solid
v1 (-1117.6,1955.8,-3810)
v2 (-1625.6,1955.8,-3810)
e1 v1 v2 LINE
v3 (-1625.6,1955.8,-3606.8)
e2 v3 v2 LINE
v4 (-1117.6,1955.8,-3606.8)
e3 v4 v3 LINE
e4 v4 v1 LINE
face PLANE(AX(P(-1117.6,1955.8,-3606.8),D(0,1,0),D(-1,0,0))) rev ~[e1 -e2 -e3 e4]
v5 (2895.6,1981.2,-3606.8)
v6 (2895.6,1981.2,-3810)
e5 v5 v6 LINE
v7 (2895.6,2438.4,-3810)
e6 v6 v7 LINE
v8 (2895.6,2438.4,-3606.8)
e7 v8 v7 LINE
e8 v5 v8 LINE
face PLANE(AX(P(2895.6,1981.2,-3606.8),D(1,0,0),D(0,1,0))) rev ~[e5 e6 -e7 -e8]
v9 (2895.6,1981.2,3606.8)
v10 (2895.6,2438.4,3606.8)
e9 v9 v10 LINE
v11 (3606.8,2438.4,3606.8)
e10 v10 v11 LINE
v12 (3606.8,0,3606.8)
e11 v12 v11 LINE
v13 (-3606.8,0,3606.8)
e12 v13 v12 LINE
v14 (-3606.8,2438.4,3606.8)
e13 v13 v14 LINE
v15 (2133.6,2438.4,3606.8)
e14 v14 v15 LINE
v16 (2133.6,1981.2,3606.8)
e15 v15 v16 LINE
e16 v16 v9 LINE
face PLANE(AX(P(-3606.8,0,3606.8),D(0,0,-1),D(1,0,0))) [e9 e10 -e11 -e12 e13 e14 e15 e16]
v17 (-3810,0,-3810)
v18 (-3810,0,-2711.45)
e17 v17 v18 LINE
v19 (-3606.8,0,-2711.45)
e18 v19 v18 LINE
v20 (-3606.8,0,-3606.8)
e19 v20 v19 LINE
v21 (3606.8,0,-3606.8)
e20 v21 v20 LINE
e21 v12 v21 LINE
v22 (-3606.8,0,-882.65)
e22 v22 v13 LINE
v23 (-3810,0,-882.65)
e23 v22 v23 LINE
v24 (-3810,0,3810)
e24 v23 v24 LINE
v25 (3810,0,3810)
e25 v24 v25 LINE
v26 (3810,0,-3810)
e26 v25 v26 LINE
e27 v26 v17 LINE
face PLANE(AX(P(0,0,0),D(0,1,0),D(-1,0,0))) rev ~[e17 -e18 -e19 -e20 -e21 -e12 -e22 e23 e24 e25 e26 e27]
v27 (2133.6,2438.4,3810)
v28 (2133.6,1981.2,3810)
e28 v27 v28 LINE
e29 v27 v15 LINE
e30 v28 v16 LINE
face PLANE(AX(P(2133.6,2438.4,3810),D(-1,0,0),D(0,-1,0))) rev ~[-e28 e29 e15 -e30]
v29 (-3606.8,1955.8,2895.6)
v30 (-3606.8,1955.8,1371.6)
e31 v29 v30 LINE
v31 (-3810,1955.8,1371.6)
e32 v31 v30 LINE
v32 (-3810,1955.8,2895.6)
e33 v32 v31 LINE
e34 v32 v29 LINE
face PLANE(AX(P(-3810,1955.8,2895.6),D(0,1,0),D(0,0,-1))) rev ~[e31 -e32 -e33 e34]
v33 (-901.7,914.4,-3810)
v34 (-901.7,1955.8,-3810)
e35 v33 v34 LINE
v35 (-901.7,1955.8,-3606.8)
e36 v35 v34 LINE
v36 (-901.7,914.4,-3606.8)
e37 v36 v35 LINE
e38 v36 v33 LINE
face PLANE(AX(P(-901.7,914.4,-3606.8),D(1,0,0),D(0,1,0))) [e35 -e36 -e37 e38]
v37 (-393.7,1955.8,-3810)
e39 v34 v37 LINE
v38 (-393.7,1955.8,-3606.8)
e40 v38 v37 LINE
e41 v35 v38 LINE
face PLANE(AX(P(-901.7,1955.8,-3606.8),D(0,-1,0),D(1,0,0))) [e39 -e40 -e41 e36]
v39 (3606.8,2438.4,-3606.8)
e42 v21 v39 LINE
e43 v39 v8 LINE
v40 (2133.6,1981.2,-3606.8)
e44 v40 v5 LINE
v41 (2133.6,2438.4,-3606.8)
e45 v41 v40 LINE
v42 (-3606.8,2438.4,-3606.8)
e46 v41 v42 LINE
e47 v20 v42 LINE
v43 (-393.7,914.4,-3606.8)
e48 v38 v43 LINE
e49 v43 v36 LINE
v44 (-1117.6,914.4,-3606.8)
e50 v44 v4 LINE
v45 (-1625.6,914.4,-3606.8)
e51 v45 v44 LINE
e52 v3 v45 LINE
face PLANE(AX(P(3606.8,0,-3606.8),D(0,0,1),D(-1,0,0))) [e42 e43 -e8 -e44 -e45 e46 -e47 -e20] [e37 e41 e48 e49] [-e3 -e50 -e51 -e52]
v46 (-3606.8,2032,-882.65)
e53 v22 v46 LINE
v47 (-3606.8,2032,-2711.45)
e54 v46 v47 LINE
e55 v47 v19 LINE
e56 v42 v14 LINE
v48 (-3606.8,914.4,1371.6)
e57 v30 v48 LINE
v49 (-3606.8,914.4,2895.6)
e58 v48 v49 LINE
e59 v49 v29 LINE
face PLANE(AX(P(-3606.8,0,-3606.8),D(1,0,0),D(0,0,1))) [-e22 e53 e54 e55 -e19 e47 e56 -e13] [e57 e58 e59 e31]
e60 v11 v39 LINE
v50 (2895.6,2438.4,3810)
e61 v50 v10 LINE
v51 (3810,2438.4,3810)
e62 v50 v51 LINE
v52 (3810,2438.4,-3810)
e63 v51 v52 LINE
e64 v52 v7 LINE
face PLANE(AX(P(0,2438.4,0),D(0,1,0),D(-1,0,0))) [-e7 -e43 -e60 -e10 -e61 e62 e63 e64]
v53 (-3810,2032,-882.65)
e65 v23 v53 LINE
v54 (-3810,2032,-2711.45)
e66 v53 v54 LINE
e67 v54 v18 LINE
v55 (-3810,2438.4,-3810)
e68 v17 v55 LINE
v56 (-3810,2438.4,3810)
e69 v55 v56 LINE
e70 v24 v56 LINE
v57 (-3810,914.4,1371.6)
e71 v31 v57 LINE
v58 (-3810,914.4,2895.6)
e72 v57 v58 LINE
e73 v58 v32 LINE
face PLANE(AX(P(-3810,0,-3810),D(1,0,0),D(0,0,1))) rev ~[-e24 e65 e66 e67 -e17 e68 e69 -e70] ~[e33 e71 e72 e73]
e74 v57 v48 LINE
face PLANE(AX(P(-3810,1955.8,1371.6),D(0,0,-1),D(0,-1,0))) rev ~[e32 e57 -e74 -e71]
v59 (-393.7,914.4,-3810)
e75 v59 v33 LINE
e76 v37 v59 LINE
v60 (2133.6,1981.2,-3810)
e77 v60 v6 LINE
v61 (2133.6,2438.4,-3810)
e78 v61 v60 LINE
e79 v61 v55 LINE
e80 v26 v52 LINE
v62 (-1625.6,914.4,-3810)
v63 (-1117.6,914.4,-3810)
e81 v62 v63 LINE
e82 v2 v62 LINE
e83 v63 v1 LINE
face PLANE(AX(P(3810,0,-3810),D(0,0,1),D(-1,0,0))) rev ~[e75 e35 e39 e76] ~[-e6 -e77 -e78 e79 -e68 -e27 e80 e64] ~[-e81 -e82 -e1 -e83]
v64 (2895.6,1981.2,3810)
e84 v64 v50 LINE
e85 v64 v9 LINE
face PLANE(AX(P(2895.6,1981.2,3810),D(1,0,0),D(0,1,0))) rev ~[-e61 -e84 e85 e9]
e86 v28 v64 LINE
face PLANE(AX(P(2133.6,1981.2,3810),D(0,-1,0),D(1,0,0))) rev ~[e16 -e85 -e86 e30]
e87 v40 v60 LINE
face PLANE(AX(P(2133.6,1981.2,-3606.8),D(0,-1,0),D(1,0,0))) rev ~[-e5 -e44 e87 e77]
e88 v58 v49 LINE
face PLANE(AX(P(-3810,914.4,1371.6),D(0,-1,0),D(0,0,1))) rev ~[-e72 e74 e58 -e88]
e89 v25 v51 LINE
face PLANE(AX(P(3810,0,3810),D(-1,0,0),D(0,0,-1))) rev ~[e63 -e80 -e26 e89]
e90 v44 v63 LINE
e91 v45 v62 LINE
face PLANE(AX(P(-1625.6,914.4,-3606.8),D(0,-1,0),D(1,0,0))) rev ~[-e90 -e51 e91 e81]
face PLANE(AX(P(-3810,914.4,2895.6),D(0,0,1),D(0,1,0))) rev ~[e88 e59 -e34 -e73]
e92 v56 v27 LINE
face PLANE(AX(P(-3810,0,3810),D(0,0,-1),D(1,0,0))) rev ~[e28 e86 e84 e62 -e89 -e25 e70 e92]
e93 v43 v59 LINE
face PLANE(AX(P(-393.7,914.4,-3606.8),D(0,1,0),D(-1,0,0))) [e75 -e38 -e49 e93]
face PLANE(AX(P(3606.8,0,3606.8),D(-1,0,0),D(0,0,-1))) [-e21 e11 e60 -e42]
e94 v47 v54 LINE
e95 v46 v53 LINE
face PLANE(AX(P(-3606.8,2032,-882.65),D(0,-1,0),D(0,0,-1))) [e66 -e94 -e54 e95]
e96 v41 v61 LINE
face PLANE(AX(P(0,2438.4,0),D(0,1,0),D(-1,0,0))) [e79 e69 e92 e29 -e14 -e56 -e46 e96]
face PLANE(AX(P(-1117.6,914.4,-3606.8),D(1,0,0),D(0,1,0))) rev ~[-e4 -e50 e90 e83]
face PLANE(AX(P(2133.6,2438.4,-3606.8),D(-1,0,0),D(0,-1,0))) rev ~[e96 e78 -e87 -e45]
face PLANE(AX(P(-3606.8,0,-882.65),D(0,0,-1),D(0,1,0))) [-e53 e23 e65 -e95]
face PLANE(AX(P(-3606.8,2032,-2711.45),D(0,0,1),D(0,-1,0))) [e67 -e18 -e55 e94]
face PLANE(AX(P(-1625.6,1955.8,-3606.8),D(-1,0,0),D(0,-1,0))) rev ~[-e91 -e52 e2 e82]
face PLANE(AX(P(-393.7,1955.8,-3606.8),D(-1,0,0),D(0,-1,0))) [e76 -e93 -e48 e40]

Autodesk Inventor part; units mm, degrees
ref_plane "YZ Plane" through (0, 0, 0) normal (1, 0, 0) x (0, 1, 0)
ref_plane "XZ Plane" through (0, 0, 0) normal (0, 1, 0) x (-1, 0, 0)
ref_plane "XY Plane" through (0, 0, 0) normal (0, 0, 1) x (1, 0, 0)
sketch "Sketch2" plane through (0, 0, 0) normal (0, 1, 0) x (-1, 0, 0)
  line L0 (3810, 3810) -> (-3810, 3810)
  line L1 (-3810, 3810) -> (-3810, -3810)
  line L2 (-3810, -3810) -> (3810, -3810)
  line L3 (3810, -3810) -> (3810, 3810)
  line L4 (3606.8, 3606.8) -> (-3606.8, 3606.8)
  line L5 (-3606.8, 3606.8) -> (-3606.8, -3606.8)
  line L6 (-3606.8, -3606.8) -> (3606.8, -3606.8)
  line L7 (3606.8, -3606.8) -> (3606.8, 3606.8)
  line L8 (3810, 3810) -> (-3810, -3810)
  line L9 (3810, -3810) -> (-3810, 3810)
  point P0 (0, 0)
  point P1 (0, 0)
  point P2 (0, 0)
  dimension "d8" = 7620
  dimension "d9" = 203.2
  dimension "d73" = 7213.6
extrude "Extrusion2" add sketch "Sketch2" along normal blind 2438.4 contours L8 L4 L9 L0 | L3 L9 L7 L8 | L9 L5 L8 L1 | L2 L8 L6 L9
sketch "Sketch4" plane through (-3810, 0, 3810) normal (0, 0, 1) x (1, 0, 0)
  line L0 (7416.8, 2438.4) -> (203.2, 2438.4) projected
  line L1 (6705.6, 2438.4) -> (5943.6, 2438.4)
  line L2 (5943.6, 2438.4) -> (5943.6, 1981.2)
  line L3 (5943.6, 1981.2) -> (6705.6, 1981.2)
  line L4 (6705.6, 1981.2) -> (6705.6, 2438.4)
  line L5 (7620, 0) -> (7620, 2438.4) projected
  point P0 (3810, 0)
  point P1 (4622.8, 2438.4)
  dimension "d34" = 914.4
  dimension "d35" = 457.2
  dimension "d36" = 762
extrude "Extrusion4" cut sketch "Sketch4" against normal up to surface (203.2 mm away)
sketch "Sketch5" plane through (3606.8, 0, -3606.8) normal (0, 0, 1) x (1, 0, 0)
  line L0 (-4508.5, 1955.8) -> (-4000.5, 1955.8)
  line L1 (-4000.5, 1955.8) -> (-4000.5, 914.4)
  line L2 (-4000.5, 914.4) -> (-4508.5, 914.4)
  line L3 (-4508.5, 914.4) -> (-4508.5, 1955.8)
  line L4 (-7213.6, 0) -> (0, 0) projected
  point P0 (-3606.8, 0)
  point P1 (0, 2438.4)
  dimension "d40" = 1041.4
  dimension "d42" = 508
  dimension "d43" = 914.4
  dimension "d48" = 4000.5
extrude "Extrusion5" cut sketch "Sketch5" against normal up to surface (203.2 mm away)
sketch "Sketch6" plane through (-3606.8, 0, -3606.8) normal (0, 0, 1) x (1, 0, 0)
  line L0 (0, 2438.4) -> (7213.6, 2438.4) projected
  line L1 (6502.4, 2438.4) -> (5740.4, 2438.4)
  line L2 (5740.4, 2438.4) -> (5740.4, 1981.2)
  line L3 (5740.4, 1981.2) -> (6502.4, 1981.2)
  line L4 (6502.4, 1981.2) -> (6502.4, 2438.4)
  line L5 (7213.6, 0) -> (7213.6, 2438.4) projected
  point P0 (3606.8, 0)
  point P1 (7416.8, 2438.4)
  dimension "d49" = 457.2
  dimension "d50" = 762
  dimension "d52" = 914.4
extrude "Extrusion6" cut sketch "Sketch6" against normal up to surface (203.2 mm away)
sketch "Sketch7" plane through (-3606.8, 0, -3606.8) normal (0, 0, 1) x (1, 0, 0)
  line L0 (2489.2, 1955.8) -> (1981.2, 1955.8)
  line L1 (1981.2, 1955.8) -> (1981.2, 914.4)
  line L2 (1981.2, 914.4) -> (2489.2, 914.4)
  line L3 (2489.2, 914.4) -> (2489.2, 1955.8)
  line L4 (0, 0) -> (0, 2438.4) projected
  line L5 (0, 0) -> (7213.6, 0) projected
  point P0 (3606.8, 0)
  dimension "d55" = 1981.2
  dimension "d57" = 508
  dimension "d58" = 1041.4
  dimension "d59" = 914.4
extrude "Extrusion7" cut sketch "Sketch7" against normal up to surface (203.2 mm away)
sketch "Sketch8" plane through (-3606.8, 0, 3606.8) normal (1, 0, 0) x (0, 0, -1)
  line L0 (0, 0) -> (7213.6, 0) projected
  line L1 (6318.25, 0) -> (4489.45, 0)
  line L2 (4489.45, 0) -> (4489.45, 2032)
  line L3 (4489.45, 2032) -> (6318.25, 2032)
  line L4 (6318.25, 2032) -> (6318.25, 0)
  line L5 (7213.6, 0) -> (7213.6, 2438.4) projected
  point P0 (3606.8, 0)
  point P1 (4489.45, 0)
  dimension "d62" = 895.35
  dimension "d63" = 2032
  dimension "d64" = 1828.8
extrude "Extrusion8" cut sketch "Sketch8" against normal up to surface (203.2 mm away)
sketch "Sketch9" plane through (-3810, 0, 3810) normal (-1, 0, 0) x (0, 0, 1)
  line L0 (-914.4, 1955.8) -> (-2438.4, 1955.8)
  line L1 (-2438.4, 1955.8) -> (-2438.4, 914.4)
  line L2 (-2438.4, 914.4) -> (-914.4, 914.4)
  line L3 (-914.4, 914.4) -> (-914.4, 1955.8)
  line L4 (0, 0) -> (0, 2438.4) projected
  line L5 (-4692.65, 0) -> (0, 0) projected
  point P0 (-3810, 0)
  dimension "d67" = 914.4
  dimension "d68" = 914.4
  dimension "d69" = 1041.4
  dimension "d70" = 1524
extrude "Extrusion9" cut sketch "Sketch9" against normal up to surface (203.2 mm away)
properties part number "Walls--Exterior--Basement"
